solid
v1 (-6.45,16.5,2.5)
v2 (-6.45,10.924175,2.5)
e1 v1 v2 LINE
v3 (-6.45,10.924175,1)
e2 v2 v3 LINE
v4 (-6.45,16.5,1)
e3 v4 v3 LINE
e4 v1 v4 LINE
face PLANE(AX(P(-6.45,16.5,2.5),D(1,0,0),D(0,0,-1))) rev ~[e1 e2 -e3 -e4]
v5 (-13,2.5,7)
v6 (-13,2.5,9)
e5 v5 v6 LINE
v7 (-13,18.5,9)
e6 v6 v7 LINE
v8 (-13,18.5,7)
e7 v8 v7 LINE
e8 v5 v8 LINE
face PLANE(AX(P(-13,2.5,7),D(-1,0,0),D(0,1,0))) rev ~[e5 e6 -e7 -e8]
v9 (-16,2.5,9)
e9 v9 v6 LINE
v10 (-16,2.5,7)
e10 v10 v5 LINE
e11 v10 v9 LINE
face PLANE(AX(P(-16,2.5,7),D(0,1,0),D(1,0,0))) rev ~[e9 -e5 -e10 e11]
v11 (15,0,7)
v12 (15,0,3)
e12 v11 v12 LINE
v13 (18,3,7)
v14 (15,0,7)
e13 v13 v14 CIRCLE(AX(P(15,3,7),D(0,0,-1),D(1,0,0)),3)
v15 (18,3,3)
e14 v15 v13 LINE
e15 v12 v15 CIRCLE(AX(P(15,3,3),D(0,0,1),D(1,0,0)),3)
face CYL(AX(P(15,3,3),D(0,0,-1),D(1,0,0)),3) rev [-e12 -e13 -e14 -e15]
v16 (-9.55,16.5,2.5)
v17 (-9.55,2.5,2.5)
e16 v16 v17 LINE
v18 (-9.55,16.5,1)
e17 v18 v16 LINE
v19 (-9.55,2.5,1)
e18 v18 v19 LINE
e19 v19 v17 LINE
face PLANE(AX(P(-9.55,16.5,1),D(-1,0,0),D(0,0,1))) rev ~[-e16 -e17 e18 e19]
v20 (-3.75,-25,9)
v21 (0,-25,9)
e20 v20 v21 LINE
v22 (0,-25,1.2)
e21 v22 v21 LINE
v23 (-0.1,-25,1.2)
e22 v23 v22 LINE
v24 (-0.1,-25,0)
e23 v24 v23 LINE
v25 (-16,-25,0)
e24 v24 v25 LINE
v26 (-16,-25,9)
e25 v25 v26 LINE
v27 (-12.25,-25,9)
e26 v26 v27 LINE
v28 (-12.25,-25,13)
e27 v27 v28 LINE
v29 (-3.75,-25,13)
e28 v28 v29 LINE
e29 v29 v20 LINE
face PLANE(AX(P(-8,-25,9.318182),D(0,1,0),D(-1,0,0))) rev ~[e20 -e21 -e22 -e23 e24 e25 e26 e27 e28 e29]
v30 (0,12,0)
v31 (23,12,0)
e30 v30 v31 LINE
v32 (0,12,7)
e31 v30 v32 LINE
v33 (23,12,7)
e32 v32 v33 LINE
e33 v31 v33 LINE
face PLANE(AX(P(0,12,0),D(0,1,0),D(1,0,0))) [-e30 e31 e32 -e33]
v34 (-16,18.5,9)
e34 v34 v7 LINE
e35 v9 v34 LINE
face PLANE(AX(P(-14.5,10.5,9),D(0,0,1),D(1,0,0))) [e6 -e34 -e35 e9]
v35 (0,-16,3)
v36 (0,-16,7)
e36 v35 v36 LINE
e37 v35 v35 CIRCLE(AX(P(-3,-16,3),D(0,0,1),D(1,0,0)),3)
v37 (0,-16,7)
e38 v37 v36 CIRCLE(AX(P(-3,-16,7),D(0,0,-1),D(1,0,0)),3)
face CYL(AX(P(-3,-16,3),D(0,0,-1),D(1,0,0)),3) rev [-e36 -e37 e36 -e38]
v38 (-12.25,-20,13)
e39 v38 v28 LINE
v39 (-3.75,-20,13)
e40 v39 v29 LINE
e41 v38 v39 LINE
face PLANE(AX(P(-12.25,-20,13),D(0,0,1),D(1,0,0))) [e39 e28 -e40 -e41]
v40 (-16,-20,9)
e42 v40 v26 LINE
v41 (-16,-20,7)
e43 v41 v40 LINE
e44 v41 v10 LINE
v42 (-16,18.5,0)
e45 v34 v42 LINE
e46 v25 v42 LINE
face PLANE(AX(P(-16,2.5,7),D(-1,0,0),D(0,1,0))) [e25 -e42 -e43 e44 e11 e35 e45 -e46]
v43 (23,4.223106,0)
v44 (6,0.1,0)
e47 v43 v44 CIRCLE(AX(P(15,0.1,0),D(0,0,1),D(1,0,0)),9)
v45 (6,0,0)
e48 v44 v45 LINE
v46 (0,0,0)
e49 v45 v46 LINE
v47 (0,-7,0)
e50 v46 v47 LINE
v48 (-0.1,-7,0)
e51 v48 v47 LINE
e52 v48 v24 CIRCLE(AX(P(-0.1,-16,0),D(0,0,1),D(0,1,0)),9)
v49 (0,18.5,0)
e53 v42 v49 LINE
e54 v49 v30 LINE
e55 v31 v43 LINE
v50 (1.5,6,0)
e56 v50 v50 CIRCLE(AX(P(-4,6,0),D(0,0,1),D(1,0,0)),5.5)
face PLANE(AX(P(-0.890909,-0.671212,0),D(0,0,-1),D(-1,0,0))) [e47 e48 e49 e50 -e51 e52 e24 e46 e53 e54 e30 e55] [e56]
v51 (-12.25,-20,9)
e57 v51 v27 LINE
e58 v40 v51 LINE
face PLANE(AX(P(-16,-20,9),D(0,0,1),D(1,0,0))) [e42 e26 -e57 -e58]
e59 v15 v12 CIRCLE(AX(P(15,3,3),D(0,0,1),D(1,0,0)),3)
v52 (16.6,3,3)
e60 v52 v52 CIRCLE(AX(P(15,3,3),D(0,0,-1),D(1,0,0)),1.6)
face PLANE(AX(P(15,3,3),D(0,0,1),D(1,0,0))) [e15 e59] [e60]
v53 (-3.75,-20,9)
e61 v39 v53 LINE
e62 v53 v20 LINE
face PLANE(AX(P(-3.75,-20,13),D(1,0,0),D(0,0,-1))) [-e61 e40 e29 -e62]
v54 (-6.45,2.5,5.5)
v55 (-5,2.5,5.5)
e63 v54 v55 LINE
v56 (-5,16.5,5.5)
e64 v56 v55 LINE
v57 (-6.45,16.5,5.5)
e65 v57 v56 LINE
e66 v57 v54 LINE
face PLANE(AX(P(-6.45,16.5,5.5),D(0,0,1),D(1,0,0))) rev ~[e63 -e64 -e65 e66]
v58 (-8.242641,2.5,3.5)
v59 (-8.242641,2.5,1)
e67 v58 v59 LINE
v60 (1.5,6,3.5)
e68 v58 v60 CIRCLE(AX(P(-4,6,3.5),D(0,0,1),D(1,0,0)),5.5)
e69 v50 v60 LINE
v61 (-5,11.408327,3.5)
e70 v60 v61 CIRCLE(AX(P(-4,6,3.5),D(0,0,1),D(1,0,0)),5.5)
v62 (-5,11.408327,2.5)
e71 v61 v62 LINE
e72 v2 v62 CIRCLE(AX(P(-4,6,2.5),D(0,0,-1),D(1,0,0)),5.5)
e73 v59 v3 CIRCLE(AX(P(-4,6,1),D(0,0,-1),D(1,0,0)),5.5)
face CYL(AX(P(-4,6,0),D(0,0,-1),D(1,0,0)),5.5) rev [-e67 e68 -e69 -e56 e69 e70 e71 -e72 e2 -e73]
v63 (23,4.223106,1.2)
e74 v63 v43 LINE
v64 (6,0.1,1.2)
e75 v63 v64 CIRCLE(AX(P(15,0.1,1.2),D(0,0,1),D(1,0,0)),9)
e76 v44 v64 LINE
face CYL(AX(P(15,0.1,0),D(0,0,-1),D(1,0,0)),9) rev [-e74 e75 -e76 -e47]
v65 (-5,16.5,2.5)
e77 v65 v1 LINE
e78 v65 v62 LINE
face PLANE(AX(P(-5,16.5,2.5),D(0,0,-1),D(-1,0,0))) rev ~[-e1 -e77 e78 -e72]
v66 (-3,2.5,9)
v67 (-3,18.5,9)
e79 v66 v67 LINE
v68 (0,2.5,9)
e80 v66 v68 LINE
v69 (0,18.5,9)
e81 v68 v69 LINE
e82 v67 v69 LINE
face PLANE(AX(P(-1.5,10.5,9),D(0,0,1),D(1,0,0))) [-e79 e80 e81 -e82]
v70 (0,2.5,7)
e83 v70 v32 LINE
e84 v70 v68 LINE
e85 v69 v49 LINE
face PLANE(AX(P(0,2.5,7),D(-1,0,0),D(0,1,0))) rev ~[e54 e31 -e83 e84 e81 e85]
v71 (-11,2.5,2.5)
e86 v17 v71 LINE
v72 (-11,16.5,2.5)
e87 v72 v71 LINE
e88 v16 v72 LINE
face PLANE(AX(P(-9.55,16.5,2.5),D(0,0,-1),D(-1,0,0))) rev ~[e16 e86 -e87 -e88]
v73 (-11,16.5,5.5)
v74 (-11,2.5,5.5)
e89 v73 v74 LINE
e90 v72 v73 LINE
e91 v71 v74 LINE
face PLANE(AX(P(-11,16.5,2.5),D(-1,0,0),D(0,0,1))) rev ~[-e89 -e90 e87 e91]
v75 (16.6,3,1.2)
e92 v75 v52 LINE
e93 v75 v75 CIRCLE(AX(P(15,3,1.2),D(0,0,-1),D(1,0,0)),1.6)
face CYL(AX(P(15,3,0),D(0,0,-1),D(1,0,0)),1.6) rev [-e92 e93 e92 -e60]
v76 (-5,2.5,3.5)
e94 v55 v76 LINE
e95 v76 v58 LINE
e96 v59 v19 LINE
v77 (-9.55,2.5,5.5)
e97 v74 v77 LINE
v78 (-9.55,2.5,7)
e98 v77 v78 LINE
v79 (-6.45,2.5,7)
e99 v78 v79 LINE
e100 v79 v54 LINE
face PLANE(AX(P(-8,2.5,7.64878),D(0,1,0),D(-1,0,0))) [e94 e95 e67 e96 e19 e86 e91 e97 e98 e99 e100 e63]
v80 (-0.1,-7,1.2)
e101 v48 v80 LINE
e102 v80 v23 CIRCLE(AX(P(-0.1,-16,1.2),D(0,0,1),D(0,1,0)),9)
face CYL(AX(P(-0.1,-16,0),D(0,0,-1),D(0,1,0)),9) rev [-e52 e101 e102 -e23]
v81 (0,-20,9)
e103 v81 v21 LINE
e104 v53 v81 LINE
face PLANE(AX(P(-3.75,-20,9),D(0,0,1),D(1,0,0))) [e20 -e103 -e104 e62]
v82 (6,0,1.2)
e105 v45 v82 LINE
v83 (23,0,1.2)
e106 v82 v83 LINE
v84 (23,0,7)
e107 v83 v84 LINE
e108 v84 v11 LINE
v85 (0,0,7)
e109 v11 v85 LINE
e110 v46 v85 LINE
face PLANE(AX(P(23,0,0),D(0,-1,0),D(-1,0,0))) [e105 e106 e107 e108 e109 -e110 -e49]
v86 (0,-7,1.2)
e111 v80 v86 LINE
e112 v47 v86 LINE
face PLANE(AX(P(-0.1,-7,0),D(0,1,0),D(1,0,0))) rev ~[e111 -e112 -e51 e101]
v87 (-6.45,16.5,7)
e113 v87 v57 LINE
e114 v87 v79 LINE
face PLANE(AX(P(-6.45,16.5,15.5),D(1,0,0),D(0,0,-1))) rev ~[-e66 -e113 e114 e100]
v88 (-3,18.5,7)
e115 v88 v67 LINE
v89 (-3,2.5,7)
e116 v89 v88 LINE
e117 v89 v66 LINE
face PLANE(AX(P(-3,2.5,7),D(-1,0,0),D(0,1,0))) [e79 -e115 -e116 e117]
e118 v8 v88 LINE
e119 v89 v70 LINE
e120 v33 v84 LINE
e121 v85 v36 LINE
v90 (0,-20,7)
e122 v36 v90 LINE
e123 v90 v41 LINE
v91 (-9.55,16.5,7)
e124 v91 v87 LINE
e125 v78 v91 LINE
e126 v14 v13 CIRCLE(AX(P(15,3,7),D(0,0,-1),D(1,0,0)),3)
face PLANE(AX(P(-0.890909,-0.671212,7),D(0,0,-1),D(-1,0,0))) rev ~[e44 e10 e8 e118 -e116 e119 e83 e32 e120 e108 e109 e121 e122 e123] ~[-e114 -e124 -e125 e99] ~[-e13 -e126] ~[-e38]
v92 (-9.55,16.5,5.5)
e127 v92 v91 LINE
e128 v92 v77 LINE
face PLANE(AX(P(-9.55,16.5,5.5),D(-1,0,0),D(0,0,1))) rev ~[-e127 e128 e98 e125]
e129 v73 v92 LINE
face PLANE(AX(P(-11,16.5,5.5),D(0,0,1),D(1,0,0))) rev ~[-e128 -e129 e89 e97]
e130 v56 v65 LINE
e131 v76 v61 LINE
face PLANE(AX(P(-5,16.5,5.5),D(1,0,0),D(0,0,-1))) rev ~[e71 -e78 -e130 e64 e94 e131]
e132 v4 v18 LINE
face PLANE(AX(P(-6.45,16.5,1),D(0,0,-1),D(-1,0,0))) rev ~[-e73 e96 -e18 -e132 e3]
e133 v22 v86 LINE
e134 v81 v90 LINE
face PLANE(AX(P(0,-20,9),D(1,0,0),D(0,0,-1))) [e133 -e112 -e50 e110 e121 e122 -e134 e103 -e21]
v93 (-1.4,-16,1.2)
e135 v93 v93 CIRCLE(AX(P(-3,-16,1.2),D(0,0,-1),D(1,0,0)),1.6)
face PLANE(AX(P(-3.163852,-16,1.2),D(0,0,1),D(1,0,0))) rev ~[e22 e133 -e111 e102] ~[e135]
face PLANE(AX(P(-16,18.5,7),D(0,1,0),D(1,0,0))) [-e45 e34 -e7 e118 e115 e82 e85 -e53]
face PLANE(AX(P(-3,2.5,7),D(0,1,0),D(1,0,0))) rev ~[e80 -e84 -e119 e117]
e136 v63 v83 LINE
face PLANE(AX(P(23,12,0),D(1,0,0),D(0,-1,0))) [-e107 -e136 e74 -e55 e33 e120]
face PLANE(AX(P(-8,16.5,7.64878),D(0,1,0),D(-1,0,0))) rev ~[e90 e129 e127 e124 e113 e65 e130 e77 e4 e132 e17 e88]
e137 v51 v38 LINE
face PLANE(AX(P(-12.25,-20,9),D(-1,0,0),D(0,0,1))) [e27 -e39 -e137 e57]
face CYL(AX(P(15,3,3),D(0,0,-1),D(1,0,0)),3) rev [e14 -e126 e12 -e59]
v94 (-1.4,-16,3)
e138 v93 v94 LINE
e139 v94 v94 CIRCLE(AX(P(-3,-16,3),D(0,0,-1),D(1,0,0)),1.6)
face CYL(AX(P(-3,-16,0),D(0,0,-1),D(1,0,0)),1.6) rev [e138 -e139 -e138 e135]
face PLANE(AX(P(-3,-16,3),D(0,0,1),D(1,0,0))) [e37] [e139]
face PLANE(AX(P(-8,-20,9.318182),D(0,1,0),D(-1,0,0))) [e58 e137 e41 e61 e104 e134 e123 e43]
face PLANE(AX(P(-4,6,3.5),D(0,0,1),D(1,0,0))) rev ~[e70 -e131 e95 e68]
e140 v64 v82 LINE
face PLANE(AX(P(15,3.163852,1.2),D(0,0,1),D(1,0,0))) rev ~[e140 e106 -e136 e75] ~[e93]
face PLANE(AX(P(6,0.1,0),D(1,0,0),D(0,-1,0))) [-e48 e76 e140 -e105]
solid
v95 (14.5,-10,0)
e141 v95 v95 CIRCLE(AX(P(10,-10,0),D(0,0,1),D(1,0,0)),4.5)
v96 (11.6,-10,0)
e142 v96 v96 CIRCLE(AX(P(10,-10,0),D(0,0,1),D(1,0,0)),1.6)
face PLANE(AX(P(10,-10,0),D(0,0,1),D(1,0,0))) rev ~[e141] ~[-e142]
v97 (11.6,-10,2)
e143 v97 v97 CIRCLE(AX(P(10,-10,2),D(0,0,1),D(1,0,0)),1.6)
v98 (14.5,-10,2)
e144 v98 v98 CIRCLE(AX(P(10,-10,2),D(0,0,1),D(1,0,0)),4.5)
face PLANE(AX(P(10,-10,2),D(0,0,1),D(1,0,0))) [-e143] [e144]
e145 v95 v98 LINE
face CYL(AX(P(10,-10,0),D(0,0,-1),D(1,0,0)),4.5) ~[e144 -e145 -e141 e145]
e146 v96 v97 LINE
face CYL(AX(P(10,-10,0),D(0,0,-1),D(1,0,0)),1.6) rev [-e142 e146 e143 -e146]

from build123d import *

# Parameters (mm, degrees)
SKETCH002_R                          = 1.6
EXTRUDE002_DEPTH                     = 8
SKETCH003_R                          = 5.5
EXTRUDE003_DEPTH                     = 3.5
EXTRUDE006_DEPTH                     = 14
EXTRUDE006_ONTO_SKETCH006_ROLL_ANGLE = 90
SKETCH007_R                          = 3
EXTRUDE007_DEPTH                     = 10
EXTRUDE001_DEPTH                     = 1.2
EXTRUDE005_DEPTH                     = 5
EXTRUDE005_ONTO_SKETCH005_ROLL_ANGLE = 90
SKETCH004_W                          = 3
SKETCH004_H                          = 16
EXTRUDE008_DEPTH                     = 2
EXTRUDE_DEPTH                        = 7
SKETCH008_R                          = 4.5
SKETCH008_R_2                        = 1.6
EXTRUDE009_DEPTH                     = 2


with BuildPart() as extrude002:
    # Sketch002 → Extrude002 (new body)
    with BuildSketch(Plane.XY):
        with Locations((15, 3)):
            Circle(SKETCH002_R)
        with Locations((-3, -16)):
            Circle(SKETCH002_R)
    extrude(amount=EXTRUDE002_DEPTH)


with BuildPart() as extrude003:
    # Sketch003 → Extrude003 (new body)
    with BuildSketch(Plane.XY):
        with Locations((-4, 6)):
            Circle(SKETCH003_R)
    extrude(amount=EXTRUDE003_DEPTH)


with BuildPart() as extrude007:
    # Sketch006 as drawn → Extrude006 (new)
    with BuildSketch(Plane.XY):
        Polygon((-9.55, -1), (-9.55, 9), (-6.45, 9), (-6.45, -1), (-5, -1), (-5, -4), (-6.45, -4), (-6.45, -5.5), (-9.55, -5.5), (-9.55, -4), (-11, -4), (-11, -1), align=None)
    extrude(amount=EXTRUDE006_DEPTH)


with BuildPart() as extrude007_1:
    # Extrude006 onto Sketch006 roll: moved
    add(extrude007.part.rotate(Axis((0, 0, 0), (1, 0, 0)), EXTRUDE006_ONTO_SKETCH006_ROLL_ANGLE))


with BuildPart() as extrude007_2:
    # Extrude006 onto Sketch006 placement: moved
    add(extrude007_1.part)


with BuildPart() as extrude007_3:
    # Extrude006 placement: moved
    add(extrude007_2.part.moved(Location((0, 16.5, 6.5))))


with BuildPart() as extrude008:
    # Sketch007 → Extrude007 (new body)
    with BuildSketch(Plane.XY):
        with Locations((15, 3)):
            Circle(SKETCH007_R)
        with Locations((-3, -16)):
            Circle(SKETCH007_R)
    extrude(amount=EXTRUDE007_DEPTH)


with BuildPart() as extrude008_1:
    # Extrude007 placement: moved
    add(extrude008.part.moved(Location((0, 0, 3))))


with BuildPart() as fusion:
    # Sketch001 → Extrude001 (new body)
    with BuildSketch(Plane.XY):
        with BuildLine():
            ThreePointArc((24, 0.1), (15, 9.1), (6, 0.1))
            Line((6, 0.1), (6, 0))
            Line((6, 0), (24, 0))
            Line((24, 0.1), (24, 0))
        make_face()
        with BuildLine():
            ThreePointArc((-0.1, -7), (-9.1, -16), (-0.1, -25))
            Line((-0.1, -25), (0, -25))
            Line((0, -25), (0, -7))
            Line((-0.1, -7), (0, -7))
        make_face()
    extrude(amount=EXTRUDE001_DEPTH)

    # Fusion: union Extrude002, Extrude003, Extrude007, Extrude008
    add(extrude002.part)
    add(extrude003.part)
    add(extrude007_3.part)
    add(extrude008_1.part)


with BuildPart() as extrude006:
    # Sketch005 as drawn → Extrude005 (new)
    with BuildSketch(Plane.XY):
        Polygon((-16, 0), (-16, 2), (-12.25, 2), (-12.25, 6), (-3.75, 6), (-3.75, 2), (0, 2), (0, 0), align=None)
    extrude(amount=EXTRUDE005_DEPTH)


with BuildPart() as extrude006_1:
    # Extrude005 onto Sketch005 roll: moved
    add(extrude006.part.rotate(Axis((0, 0, 0), (1, 0, 0)), EXTRUDE005_ONTO_SKETCH005_ROLL_ANGLE))


with BuildPart() as extrude006_2:
    # Extrude005 onto Sketch005 placement: moved
    add(extrude006_1.part)


with BuildPart() as extrude006_3:
    # Extrude005 placement: moved
    add(extrude006_2.part.moved(Location((0, -20, 7))))


with BuildPart() as extrude009:
    # Sketch004 → Extrude008 (new body)
    with BuildSketch(Plane.XY):
        with Locations((-14.5, 10.5)):
            Rectangle(SKETCH004_W, SKETCH004_H)
        with Locations((-1.5, 10.5)):
            Rectangle(SKETCH004_W, SKETCH004_H)
    extrude(amount=EXTRUDE008_DEPTH)


with BuildPart() as extrude009_1:
    # Extrude008 placement: moved
    add(extrude009.part.moved(Location((0, 0, 7))))


with BuildPart() as cut:
    # Sketch → Extrude (new body)
    with BuildSketch(Plane.XY):
        Polygon((-16, 18.5), (0, 18.5), (0, 12), (23, 12), (23, 0), (0, 0), (0, -25), (-16, -25), align=None)
    extrude(amount=EXTRUDE_DEPTH)

    # Fusion001: union Extrude006, Extrude009
    add(extrude006_3.part)
    add(extrude009_1.part)

    # Cut: cut Fusion
    add(fusion.part, mode=Mode.SUBTRACT)


with BuildPart() as entretoise:
    # Sketch008 → Extrude009 (new body)
    with BuildSketch(Plane.XY):
        with Locations((10, -10)):
            Circle(SKETCH008_R)
        with Locations((10, -10)):
            Circle(SKETCH008_R_2, mode=Mode.SUBTRACT)
    extrude(amount=EXTRUDE009_DEPTH)


solid = Compound([cut.part, entretoise.part])
